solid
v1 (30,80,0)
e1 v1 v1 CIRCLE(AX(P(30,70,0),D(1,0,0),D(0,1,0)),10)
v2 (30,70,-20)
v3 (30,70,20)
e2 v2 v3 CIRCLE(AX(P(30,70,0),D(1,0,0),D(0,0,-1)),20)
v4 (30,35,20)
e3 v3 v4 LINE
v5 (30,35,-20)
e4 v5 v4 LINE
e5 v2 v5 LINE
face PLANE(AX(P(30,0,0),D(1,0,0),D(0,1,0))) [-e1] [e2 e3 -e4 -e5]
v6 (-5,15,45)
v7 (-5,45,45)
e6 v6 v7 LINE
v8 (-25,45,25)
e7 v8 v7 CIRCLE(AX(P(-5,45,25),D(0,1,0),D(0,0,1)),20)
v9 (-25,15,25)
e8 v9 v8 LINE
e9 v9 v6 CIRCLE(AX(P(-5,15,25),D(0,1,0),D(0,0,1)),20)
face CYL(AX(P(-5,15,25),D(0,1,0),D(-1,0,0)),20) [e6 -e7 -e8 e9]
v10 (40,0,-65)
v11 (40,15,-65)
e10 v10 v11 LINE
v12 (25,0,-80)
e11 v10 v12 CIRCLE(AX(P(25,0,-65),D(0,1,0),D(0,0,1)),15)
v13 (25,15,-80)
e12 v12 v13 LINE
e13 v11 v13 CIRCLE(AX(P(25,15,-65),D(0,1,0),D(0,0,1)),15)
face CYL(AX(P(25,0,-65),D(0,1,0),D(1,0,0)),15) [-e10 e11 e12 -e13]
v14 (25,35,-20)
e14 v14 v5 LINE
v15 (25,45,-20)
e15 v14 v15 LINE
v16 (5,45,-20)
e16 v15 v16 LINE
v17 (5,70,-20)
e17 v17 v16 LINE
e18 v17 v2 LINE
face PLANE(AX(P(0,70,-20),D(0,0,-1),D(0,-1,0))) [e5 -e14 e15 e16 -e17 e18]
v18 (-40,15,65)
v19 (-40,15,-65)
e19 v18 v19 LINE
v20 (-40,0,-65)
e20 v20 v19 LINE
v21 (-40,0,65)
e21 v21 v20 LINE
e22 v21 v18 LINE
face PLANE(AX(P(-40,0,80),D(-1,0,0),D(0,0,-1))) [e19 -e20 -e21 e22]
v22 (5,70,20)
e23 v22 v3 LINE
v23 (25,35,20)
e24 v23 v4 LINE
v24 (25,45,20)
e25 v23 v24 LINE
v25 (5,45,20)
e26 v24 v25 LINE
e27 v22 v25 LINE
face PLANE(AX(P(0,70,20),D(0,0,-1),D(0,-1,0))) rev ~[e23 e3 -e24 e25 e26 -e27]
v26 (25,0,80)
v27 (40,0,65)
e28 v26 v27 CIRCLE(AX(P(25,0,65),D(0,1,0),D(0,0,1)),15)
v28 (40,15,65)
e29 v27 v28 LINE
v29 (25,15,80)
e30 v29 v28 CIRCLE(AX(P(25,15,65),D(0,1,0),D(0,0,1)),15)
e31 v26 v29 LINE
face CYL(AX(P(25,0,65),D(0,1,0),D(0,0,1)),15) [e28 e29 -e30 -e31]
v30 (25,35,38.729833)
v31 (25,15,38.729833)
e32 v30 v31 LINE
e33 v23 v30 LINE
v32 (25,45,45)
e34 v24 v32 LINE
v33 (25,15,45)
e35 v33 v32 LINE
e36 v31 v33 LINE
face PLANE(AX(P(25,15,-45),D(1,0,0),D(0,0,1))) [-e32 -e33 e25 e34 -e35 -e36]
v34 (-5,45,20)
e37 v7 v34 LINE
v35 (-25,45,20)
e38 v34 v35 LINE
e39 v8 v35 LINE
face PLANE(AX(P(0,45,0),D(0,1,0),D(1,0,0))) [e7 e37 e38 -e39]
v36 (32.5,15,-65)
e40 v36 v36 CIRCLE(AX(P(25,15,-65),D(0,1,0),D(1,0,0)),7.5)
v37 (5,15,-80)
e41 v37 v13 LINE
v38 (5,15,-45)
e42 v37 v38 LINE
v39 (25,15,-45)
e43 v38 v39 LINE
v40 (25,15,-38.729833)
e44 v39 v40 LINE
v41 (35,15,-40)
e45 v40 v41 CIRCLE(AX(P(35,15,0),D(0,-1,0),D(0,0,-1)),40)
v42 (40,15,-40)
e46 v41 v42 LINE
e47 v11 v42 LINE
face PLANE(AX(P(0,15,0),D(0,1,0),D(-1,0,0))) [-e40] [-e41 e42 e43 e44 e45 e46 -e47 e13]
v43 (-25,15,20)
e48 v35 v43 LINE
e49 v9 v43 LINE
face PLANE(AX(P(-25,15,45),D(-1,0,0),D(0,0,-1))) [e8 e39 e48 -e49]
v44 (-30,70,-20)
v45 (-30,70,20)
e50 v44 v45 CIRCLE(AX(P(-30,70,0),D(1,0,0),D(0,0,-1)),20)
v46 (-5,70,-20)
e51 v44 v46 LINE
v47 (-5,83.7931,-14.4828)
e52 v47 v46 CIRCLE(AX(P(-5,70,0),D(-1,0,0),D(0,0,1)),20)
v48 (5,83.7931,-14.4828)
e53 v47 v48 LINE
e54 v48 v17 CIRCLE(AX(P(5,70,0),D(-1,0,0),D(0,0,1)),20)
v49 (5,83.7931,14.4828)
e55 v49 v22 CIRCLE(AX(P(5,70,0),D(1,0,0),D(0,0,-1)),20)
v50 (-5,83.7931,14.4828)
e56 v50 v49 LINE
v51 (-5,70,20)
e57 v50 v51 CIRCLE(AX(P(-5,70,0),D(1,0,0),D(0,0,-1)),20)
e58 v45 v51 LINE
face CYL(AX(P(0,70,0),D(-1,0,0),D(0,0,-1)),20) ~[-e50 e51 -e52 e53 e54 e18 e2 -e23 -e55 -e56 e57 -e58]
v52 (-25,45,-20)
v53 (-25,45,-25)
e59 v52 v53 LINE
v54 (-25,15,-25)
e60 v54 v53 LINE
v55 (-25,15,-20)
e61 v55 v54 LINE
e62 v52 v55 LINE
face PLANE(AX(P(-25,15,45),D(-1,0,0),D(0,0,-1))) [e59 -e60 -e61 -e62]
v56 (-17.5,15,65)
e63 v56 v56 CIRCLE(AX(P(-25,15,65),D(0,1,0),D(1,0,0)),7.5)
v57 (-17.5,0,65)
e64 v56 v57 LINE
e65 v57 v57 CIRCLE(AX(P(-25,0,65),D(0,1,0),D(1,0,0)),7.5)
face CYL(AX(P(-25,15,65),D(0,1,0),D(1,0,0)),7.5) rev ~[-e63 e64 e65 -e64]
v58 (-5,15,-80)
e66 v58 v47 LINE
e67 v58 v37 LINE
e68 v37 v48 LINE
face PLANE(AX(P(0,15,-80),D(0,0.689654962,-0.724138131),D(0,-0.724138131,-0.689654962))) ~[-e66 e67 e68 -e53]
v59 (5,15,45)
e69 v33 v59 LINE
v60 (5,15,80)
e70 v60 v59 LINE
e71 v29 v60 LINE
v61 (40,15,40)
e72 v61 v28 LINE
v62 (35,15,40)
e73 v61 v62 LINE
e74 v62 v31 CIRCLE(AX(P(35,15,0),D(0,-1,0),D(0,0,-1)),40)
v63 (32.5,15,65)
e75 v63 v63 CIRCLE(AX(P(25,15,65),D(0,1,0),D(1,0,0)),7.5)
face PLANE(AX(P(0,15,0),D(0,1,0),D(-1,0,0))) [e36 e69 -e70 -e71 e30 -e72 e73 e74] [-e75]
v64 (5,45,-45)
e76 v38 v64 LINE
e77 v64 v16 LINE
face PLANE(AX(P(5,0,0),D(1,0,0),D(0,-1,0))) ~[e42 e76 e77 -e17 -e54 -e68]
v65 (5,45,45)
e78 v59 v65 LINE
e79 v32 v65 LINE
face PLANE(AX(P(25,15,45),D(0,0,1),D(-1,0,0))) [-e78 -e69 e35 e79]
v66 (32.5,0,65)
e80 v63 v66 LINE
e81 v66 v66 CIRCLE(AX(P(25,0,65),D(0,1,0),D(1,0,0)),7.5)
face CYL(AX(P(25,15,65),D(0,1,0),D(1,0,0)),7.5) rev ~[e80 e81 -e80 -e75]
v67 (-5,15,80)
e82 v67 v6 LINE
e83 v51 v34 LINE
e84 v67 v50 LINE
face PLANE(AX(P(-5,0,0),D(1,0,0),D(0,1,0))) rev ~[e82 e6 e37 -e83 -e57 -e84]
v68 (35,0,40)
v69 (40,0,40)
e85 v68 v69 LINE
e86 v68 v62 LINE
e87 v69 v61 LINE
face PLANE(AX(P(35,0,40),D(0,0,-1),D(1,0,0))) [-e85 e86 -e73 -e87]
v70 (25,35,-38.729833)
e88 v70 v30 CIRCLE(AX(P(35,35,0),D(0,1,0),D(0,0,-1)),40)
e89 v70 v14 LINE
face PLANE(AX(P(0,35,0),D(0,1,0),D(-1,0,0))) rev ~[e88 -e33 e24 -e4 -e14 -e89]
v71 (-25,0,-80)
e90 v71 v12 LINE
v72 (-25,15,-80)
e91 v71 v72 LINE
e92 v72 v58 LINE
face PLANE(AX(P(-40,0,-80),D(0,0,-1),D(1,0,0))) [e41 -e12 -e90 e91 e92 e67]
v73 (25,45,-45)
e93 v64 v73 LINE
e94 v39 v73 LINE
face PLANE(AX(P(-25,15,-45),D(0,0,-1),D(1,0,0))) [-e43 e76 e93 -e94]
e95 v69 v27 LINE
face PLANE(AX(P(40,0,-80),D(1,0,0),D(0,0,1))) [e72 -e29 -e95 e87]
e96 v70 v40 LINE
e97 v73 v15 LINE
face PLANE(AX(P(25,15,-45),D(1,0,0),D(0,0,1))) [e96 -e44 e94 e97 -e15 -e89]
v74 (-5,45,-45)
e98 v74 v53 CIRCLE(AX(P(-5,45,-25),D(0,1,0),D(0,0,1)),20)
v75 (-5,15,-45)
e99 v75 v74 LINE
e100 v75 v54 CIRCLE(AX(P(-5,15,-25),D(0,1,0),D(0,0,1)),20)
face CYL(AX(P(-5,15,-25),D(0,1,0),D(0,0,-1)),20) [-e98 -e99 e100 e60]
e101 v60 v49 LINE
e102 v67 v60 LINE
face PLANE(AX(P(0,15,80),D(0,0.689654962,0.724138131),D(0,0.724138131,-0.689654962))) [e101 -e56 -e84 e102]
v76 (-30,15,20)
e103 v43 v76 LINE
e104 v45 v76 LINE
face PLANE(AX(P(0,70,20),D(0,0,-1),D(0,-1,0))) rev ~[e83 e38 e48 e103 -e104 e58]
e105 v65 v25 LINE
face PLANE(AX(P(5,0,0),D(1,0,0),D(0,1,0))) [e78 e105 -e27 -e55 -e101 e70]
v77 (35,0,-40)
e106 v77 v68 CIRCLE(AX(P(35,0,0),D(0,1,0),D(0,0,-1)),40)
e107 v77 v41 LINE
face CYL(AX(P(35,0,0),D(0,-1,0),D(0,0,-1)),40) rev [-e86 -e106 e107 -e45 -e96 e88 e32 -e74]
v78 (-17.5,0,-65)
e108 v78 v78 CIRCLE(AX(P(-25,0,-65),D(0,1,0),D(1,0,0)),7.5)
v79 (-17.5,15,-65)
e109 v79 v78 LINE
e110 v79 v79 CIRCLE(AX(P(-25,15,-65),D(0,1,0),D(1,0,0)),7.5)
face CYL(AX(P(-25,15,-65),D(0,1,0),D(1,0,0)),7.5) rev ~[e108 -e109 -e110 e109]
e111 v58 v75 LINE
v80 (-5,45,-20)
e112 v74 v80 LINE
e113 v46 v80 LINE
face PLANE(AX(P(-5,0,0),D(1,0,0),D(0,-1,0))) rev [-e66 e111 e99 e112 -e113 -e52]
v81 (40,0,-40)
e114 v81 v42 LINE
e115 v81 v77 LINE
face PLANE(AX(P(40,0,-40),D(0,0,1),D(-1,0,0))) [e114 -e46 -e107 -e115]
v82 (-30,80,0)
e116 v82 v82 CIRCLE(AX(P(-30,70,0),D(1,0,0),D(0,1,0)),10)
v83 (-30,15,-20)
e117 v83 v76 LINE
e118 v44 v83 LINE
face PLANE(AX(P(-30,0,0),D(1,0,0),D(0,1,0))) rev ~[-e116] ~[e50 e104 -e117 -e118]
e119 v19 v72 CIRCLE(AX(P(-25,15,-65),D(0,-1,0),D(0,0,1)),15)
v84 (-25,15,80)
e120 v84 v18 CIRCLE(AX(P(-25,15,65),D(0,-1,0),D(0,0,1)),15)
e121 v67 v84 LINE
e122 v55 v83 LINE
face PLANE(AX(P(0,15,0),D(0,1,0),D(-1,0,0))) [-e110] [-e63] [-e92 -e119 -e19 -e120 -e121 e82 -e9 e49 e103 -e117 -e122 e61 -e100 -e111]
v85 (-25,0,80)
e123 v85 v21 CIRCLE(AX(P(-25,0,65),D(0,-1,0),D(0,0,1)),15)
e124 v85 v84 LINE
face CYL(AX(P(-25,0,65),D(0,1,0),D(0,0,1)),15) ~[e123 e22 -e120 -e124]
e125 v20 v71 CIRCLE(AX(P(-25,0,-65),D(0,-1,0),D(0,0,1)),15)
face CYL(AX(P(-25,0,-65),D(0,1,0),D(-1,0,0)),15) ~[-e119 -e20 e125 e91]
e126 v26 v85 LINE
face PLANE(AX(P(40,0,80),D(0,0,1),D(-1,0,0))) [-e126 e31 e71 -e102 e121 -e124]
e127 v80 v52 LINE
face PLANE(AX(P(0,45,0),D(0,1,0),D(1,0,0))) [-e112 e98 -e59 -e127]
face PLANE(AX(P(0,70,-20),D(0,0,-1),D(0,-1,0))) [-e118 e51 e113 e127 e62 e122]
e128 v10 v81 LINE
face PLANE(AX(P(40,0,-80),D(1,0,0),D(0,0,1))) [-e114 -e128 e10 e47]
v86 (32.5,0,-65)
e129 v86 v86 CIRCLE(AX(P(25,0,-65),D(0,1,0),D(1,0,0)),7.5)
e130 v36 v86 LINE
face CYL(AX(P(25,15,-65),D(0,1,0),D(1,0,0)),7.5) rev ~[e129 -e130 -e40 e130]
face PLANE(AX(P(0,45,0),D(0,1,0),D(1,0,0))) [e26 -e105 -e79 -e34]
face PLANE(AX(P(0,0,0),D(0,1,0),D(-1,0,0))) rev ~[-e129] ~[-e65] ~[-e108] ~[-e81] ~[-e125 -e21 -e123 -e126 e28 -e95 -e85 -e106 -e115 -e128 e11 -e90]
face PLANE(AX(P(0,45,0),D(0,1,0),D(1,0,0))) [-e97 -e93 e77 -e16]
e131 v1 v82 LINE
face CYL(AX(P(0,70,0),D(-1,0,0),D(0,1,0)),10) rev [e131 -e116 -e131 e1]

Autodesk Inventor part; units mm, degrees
ref_plane "YZ Plane" through (0, 0, 0) normal (1, 0, 0) x (0, 1, 0)
ref_plane "XZ Plane" through (0, 0, 0) normal (0, 1, 0) x (-1, 0, 0)
ref_plane "XY Plane" through (0, 0, 0) normal (0, 0, 1) x (1, 0, 0)
sketch "草图1" plane through (0, 0, 0) normal (0, 1, 0) x (-1, 0, 0)
  line L0 (-40, 80) -> (40, 80)
  line L1 (40, 80) -> (40, -80)
  line L2 (40, -80) -> (-40, -80)
  line L3 (-40, -80) -> (-40, 80)
  line L4 (-40, 80) -> (40, -80) construction
  line L5 (40, 80) -> (-40, -80) construction
  point P0 (0, 0)
  dimension "d0" = 160
  dimension "d1" = 80
extrude "拉伸1" add sketch "草图1" along normal blind 15
sketch "草图2" plane through (0, 15, 0) normal (0, 1, 0) x (1, 0, 0)
  line L0 (25, -45) -> (-25, -45)
  line L1 (-25, -45) -> (-25, 45)
  line L2 (-25, 45) -> (25, 45)
  line L3 (25, 45) -> (25, -45)
  line L4 (25, -45) -> (-25, 45) construction
  line L5 (-25, -45) -> (25, 45) construction
  point P0 (0, 0)
  dimension "d4" = 90
  dimension "d5" = 50
extrude "拉伸2" add sketch "草图2" along normal blind 30
sketch "草图3" plane through (0, 0, 0) normal (1, 0, 0) x (0, 1, 0)
  line L0 (0, 0) -> (70, 0) construction
  arc A0 (70, -20) -> (70, 20) centre (70, 0) ccw
  line L1 (70, 20) -> (15, 20)
  line L2 (15, -80) -> (15, 80) construction
  line L3 (70, -20) -> (15, -20)
  line L4 (15, -20) -> (15, 20)
  circle A1 centre (70, 0) radius 10
  line L5 (0, 80) -> (0, -80) projected
  dimension "d8" = 20
  dimension "d9" = 20
  dimension "d10" = 70
extrude "拉伸3" add sketch "草图3" along normal mid plane 60
sketch "草图4" plane through (0, 15, 0) normal (0, 1, 0) x (1, 0, 0)
  line L0 (25, -65) -> (-25, -65) construction
  line L1 (-25, -65) -> (-25, 65) construction
  line L2 (-25, 65) -> (25, 65) construction
  line L3 (25, 65) -> (25, -65) construction
  line L4 (25, -65) -> (-25, 65) construction
  line L5 (-25, -65) -> (25, 65) construction
  circle A0 centre (-25, -65) radius 7.5
  circle A1 centre (-25, 65) radius 7.5
  circle A2 centre (25, 65) radius 7.5
  circle A3 centre (25, -65) radius 7.5
  point P0 (0, 0)
  dimension "d13" = 130
  dimension "d14" = 50
  dimension "d15" = 15
extrude "拉伸4" cut sketch "草图4" against normal blind 60
fillet "圆角1" radius 15 4 edges at (40, 7.5, 80) (40, 7.5, -80) (-40, 7.5, 80) (-40, 7.5, -80)
fillet "圆角2" radius 20 2 edges at (-25, 30, -45) (-25, 30, 45)
sketch "草图5" plane through (0, 0, 0) normal (0, 1, 0) x (-1, 0, 0)
  line L0 (0, 0) -> (-35, 0) construction
  arc A0 (-35, -40) -> (-35, 40) centre (-35, 0) ccw
  line L1 (-40, 65) -> (-40, -65) construction
  line L2 (-35, 40) -> (-40, 40)
  line L3 (-40, 40) -> (-40, -40)
  line L4 (-40, -40) -> (-35, -40)
  dimension "d20" = 5
  dimension "d21" = 40
extrude "拉伸5" cut sketch "草图5" along normal blind 35
sketch "草图6" plane through (0, 0, 0) normal (1, 0, 0) x (0, 1, 0)
  arc A0 (70, -20) -> (70, 20) centre (70, 0) ccw projected
  line L0 (70, 20) -> (35, 20) projected
  line L1 (45, 45) -> (45, 20) projected
  line L2 (15, 45) -> (45, 45) projected
  line L3 (15, 65) -> (15, 40) projected
  line L4 (15, 80) -> (15, 65) projected
  line L5 (15, 80) -> (83.7931, 14.4828)
  arc A1 (70, -20) -> (70, 20) centre (70, 0) ccw projected
  arc A2 (83.7931, 14.4828) -> (70, 20) centre (70, 0) ccw
  line L6 (45, 20) -> (45, 25) projected
  line L7 (70, 20) -> (45, 20)
  line L8 (45, 45) -> (45, 25) projected
  line L9 (45, 20) -> (45, 45)
  line L10 (15, 45) -> (45, 45) projected
  line L11 (45, 45) -> (15, 45)
  line L12 (15, 80) -> (15, 65) projected
  line L13 (15, 45) -> (15, 80)
  point P0 (0, 0)
extrude "拉伸6" add sketch "草图6" along normal mid plane 10
mirror "镜像1" about plane through (0, 0, 0) normal (0, 0, 1) of "拉伸6"
properties part number "模型2"
